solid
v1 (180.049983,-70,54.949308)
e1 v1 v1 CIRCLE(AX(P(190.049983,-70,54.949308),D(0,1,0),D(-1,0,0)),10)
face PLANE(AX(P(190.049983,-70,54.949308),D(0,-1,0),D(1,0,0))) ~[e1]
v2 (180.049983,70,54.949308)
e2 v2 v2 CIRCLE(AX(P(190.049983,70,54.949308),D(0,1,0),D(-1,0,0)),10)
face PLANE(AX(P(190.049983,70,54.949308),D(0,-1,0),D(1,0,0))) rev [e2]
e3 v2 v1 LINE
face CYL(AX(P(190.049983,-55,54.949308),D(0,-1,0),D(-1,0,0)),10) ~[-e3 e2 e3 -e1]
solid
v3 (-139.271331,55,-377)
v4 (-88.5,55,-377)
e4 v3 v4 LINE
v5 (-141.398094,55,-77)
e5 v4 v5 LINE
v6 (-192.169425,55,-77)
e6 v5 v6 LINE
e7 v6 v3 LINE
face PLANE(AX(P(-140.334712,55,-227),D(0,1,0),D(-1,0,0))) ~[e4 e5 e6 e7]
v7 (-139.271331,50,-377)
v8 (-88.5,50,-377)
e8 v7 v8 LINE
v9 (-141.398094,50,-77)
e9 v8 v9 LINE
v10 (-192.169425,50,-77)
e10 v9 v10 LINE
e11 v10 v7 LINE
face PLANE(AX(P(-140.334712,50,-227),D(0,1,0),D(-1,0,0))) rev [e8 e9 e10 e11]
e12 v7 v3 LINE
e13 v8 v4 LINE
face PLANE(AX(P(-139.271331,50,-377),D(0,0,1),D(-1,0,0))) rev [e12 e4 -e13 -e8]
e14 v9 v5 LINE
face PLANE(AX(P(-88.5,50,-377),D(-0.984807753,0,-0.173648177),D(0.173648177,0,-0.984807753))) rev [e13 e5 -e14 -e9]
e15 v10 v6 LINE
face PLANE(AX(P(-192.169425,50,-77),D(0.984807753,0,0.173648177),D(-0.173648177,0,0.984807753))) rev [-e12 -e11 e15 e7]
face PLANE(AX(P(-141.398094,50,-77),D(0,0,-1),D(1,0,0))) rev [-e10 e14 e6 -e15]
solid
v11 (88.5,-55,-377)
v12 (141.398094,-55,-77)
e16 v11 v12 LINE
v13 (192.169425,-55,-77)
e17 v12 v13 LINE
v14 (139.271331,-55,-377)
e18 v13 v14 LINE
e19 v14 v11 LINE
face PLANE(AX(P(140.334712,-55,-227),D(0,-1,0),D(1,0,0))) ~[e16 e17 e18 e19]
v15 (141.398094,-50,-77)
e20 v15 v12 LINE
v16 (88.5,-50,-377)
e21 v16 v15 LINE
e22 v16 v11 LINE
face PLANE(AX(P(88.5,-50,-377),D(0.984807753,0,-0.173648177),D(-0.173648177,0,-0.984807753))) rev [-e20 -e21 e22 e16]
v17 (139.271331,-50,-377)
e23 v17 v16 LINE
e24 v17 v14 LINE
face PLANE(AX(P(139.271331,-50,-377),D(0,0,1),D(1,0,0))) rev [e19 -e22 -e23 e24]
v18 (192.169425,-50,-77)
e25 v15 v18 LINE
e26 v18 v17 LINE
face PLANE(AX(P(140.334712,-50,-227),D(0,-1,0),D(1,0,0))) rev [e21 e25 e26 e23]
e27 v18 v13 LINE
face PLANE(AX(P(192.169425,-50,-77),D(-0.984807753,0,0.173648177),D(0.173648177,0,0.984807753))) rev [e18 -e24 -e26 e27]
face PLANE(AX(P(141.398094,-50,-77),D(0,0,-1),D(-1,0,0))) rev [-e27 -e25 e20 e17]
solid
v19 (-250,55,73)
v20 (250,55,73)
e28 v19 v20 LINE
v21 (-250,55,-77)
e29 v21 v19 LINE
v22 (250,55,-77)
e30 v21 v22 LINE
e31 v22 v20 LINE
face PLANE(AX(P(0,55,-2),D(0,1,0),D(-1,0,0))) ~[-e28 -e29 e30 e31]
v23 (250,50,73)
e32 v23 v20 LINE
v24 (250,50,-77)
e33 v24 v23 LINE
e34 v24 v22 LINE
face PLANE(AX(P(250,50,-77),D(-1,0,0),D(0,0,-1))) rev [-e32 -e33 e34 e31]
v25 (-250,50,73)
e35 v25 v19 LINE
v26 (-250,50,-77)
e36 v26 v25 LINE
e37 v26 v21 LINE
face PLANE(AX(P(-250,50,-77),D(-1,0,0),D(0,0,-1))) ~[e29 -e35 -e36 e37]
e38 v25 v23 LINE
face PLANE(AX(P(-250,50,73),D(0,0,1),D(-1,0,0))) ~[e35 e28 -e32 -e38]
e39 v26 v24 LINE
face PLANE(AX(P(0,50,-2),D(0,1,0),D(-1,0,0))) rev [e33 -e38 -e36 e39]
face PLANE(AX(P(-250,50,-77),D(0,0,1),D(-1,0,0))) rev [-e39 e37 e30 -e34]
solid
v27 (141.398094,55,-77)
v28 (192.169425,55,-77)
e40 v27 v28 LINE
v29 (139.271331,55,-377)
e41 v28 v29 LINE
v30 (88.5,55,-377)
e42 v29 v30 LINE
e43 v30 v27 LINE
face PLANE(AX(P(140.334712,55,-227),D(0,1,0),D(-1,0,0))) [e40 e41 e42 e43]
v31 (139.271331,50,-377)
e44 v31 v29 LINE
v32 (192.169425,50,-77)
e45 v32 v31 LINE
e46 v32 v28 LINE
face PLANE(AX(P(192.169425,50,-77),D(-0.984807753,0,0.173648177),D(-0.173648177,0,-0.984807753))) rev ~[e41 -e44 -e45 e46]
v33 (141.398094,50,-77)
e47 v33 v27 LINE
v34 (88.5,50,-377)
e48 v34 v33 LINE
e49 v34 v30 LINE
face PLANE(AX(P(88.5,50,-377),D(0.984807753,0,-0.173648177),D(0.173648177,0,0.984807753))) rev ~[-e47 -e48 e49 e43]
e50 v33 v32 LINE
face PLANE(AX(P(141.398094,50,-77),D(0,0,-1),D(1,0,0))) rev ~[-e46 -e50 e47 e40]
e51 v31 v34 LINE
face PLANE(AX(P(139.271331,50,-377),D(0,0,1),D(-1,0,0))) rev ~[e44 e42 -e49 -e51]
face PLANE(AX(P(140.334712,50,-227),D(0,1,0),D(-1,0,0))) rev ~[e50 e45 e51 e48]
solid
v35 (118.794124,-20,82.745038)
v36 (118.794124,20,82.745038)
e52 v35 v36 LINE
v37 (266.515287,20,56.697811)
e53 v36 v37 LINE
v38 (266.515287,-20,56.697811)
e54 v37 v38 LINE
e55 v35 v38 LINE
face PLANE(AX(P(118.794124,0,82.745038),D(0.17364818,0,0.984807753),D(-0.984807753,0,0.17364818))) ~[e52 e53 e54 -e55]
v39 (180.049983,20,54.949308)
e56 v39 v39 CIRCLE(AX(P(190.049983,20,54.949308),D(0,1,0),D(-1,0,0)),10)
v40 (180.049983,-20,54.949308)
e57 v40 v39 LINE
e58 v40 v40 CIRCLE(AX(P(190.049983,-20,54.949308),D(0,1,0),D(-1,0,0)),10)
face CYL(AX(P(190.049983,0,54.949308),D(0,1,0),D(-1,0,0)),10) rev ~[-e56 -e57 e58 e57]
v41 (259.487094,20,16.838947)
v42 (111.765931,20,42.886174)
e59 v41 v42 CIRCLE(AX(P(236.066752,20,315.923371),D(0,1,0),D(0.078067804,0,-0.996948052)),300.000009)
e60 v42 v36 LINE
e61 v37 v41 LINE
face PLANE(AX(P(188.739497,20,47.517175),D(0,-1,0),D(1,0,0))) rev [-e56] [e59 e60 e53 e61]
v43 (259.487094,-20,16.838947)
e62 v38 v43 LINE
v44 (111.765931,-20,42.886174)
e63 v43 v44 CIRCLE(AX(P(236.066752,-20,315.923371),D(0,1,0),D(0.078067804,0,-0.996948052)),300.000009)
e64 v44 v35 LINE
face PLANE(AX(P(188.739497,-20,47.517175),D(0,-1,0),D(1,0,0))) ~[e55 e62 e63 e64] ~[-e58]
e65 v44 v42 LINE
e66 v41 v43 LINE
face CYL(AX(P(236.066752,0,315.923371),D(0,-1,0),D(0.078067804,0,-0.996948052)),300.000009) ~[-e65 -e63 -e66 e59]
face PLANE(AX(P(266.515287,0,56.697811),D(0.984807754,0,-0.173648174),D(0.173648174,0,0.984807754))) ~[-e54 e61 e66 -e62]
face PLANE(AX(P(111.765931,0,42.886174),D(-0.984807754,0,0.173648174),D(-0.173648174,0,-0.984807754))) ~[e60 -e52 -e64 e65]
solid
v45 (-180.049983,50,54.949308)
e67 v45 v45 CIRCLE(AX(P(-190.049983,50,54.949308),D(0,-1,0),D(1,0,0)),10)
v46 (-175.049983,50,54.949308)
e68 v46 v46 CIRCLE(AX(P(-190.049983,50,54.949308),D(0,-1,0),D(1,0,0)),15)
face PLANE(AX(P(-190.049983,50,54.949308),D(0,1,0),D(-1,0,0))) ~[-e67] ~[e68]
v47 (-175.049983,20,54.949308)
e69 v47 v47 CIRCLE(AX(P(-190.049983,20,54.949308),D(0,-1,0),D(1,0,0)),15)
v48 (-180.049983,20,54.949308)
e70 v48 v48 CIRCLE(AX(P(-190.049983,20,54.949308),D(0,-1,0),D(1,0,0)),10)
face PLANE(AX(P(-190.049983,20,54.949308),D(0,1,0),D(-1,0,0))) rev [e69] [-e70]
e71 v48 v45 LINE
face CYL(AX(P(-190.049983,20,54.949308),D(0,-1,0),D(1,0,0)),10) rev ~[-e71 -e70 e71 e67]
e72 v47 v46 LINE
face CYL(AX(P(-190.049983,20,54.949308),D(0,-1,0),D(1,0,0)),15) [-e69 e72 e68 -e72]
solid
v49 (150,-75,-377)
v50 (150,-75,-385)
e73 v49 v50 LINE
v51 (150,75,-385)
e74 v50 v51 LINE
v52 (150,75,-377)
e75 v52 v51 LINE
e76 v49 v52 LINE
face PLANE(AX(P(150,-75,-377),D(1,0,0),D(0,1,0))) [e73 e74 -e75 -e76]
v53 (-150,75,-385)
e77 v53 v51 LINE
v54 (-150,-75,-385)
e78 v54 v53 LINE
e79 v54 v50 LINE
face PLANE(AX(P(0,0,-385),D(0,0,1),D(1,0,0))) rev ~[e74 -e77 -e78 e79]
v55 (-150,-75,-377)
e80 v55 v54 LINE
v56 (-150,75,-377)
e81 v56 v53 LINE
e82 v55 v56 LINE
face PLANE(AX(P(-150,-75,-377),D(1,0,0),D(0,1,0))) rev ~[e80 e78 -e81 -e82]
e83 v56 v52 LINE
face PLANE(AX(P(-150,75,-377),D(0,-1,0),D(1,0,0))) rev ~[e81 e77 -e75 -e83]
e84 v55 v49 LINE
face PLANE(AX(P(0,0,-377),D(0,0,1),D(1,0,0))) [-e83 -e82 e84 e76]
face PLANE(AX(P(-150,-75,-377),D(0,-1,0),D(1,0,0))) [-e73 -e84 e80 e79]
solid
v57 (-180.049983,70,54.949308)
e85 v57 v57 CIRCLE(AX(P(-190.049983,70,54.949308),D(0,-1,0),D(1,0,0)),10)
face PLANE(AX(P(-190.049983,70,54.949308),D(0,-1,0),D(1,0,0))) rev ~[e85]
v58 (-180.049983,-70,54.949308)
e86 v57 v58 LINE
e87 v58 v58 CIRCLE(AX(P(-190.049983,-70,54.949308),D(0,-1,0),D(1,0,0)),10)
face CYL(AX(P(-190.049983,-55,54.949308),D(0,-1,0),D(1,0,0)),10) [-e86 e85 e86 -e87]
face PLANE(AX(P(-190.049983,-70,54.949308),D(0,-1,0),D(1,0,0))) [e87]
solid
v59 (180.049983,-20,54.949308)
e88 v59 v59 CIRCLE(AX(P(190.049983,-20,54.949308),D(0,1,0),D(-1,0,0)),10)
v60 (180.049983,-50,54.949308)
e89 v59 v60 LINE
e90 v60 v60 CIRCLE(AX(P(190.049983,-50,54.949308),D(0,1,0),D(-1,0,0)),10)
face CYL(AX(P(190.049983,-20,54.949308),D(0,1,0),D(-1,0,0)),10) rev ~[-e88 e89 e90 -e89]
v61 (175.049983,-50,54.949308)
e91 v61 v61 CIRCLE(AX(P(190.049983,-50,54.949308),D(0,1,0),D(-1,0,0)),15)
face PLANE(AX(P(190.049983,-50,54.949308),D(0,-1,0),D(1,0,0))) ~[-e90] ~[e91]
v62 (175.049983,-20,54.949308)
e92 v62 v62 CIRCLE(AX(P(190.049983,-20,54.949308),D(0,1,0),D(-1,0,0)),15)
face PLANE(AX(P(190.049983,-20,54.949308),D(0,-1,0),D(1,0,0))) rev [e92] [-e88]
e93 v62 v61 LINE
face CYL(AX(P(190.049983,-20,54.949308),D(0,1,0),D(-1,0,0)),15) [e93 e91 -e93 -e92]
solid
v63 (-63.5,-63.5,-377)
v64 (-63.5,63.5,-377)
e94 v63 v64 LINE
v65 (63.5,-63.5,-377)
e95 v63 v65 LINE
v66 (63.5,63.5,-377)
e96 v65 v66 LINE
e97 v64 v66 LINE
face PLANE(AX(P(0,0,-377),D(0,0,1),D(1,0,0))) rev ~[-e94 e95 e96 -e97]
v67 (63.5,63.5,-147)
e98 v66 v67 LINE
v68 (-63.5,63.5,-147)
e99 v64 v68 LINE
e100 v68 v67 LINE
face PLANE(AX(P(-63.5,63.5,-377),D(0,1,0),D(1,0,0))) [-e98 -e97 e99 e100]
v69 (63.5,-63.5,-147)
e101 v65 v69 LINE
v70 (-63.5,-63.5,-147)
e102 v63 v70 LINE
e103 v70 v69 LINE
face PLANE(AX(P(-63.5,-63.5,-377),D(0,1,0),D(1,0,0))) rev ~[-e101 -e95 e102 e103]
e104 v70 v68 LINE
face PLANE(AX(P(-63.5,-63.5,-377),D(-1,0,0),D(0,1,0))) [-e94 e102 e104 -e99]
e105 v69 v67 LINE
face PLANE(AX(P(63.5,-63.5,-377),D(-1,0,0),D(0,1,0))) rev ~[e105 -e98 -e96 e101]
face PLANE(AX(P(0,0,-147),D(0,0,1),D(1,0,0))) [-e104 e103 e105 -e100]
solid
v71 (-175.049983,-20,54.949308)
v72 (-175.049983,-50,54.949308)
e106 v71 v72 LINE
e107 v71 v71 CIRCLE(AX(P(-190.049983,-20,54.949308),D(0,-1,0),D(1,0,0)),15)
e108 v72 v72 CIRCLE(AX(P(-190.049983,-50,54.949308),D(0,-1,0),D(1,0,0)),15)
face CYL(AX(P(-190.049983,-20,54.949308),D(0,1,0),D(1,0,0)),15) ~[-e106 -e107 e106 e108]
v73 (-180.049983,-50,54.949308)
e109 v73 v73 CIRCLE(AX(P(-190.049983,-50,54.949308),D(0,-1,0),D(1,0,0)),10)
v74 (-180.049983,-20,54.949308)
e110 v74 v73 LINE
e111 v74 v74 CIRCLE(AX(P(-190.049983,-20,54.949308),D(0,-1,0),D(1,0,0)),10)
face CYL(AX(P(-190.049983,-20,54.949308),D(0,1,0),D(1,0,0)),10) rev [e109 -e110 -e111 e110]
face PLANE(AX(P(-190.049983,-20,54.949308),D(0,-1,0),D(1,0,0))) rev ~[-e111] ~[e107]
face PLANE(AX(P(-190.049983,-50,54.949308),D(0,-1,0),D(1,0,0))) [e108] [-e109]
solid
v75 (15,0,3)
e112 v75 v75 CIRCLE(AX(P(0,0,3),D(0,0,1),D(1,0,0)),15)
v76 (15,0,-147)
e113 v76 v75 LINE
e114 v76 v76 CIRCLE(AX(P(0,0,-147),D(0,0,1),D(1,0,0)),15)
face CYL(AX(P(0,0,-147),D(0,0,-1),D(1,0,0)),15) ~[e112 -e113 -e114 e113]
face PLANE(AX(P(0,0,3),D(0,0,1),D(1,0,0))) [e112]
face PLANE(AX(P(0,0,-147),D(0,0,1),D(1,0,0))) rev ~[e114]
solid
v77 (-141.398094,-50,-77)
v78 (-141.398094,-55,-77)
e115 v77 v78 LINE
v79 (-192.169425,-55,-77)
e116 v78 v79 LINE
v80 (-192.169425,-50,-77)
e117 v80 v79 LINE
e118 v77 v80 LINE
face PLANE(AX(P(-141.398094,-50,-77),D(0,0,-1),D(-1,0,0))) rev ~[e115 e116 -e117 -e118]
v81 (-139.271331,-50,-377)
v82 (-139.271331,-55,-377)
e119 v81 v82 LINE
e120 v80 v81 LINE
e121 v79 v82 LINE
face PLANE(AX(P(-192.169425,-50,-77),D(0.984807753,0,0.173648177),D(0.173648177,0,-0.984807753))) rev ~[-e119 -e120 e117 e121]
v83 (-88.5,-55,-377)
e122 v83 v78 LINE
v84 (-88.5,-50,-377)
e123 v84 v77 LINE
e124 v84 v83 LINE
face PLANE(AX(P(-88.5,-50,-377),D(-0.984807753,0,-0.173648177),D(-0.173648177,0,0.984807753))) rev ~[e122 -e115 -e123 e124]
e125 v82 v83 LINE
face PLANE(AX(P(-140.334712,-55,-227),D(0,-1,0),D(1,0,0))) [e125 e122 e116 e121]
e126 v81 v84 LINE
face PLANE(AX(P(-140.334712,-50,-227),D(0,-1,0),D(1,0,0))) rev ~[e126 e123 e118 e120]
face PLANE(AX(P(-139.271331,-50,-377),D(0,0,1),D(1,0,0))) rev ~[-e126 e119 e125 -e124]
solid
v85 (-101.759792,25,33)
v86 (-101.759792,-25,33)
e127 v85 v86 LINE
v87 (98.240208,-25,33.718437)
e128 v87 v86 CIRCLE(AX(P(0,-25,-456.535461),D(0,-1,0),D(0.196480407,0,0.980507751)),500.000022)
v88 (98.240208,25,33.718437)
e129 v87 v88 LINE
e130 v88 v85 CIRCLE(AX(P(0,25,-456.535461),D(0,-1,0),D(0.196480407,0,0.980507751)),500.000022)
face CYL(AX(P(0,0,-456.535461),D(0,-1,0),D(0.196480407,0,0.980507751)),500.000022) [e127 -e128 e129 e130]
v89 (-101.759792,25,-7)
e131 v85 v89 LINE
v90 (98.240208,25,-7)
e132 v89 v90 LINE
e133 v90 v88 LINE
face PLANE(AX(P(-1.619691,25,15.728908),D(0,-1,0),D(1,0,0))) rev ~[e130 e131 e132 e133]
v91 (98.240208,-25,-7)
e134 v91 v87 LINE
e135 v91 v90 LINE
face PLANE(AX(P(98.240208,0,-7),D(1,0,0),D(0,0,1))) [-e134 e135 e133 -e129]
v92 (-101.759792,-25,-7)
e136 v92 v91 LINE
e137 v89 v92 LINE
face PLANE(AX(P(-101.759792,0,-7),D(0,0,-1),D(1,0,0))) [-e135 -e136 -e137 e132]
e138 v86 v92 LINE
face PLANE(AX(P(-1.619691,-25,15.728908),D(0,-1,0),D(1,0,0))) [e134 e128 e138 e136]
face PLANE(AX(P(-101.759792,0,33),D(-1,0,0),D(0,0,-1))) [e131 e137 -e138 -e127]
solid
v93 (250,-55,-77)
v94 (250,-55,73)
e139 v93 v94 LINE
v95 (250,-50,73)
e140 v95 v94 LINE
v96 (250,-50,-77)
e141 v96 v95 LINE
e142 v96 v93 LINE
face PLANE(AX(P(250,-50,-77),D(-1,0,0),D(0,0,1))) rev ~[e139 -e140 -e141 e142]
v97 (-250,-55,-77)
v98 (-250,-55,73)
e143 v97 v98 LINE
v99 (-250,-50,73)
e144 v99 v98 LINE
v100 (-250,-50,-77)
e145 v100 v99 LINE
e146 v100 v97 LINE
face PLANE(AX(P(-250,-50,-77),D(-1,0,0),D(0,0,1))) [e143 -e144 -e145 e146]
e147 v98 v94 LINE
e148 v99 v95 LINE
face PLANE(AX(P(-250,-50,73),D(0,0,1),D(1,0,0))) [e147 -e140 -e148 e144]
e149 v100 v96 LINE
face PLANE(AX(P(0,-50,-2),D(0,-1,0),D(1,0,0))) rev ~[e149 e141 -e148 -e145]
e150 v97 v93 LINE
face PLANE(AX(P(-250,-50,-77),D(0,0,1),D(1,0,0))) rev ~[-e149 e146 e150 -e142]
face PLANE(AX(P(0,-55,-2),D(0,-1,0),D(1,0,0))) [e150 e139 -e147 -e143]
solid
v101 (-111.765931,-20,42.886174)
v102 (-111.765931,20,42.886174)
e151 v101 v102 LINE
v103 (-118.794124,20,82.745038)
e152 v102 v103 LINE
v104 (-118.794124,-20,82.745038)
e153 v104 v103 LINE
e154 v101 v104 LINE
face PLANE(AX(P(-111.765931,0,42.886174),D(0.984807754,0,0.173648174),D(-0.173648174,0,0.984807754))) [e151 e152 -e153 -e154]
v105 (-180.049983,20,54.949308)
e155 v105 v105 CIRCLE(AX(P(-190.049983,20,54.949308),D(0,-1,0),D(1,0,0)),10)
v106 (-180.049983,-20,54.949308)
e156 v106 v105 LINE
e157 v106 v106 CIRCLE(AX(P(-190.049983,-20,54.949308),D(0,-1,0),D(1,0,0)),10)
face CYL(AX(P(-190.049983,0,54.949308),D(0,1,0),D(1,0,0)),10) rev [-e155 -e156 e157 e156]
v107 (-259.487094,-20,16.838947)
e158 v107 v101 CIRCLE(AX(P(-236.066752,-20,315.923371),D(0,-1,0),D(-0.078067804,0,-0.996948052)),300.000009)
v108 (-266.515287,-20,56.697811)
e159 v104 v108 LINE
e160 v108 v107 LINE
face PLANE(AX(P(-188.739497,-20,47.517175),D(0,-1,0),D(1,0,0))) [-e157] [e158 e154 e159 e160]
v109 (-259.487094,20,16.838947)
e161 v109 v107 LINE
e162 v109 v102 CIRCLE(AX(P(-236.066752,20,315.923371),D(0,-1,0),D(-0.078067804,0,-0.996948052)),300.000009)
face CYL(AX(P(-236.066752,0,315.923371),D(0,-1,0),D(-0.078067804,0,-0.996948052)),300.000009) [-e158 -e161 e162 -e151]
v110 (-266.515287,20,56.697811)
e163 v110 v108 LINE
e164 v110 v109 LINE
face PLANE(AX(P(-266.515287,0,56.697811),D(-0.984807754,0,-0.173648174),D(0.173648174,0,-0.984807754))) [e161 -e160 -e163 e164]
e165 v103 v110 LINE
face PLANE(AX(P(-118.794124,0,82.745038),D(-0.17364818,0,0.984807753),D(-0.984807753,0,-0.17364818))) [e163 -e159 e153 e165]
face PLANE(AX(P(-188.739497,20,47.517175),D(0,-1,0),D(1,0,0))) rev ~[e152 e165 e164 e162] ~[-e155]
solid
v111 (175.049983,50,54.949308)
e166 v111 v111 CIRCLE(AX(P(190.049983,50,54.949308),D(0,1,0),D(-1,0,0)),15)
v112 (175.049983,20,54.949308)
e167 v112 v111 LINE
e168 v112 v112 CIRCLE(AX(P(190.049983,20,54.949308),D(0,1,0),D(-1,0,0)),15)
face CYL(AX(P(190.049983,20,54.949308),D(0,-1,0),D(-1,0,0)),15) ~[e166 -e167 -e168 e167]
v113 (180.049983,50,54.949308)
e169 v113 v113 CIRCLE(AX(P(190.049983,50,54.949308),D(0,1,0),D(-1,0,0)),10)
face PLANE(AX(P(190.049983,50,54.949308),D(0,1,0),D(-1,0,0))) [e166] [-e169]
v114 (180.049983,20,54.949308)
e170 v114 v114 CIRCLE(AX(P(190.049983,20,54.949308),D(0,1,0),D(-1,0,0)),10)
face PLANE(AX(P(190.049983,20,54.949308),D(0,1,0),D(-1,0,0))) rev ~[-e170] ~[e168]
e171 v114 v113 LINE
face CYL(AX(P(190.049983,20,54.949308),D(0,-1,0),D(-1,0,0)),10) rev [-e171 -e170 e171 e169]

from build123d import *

# Parameters (mm, degrees)
F1_W           = 127
F1_H           = 127
F2_DEPTH       = 230
F3_R           = 15
F4_DEPTH       = 150
F5_W           = 300
F5_H           = 150
F6_DEPTH       = 8
F8_DEPTH       = 25
F11_DEPTH      = 5
F14_W          = 500
F14_H          = 150
F15_DEPTH      = 5
F17_R          = 10
F18_DEPTH      = 20
F19_R          = 15
F19_R_2        = 10
F20_DEPTH      = 30
F22_R          = 10
F23_DEPTH      = 15
F23_DEPTH_BACK = 125


with BuildPart() as f2:
    # F1 (on offset) → F2 (new body)
    with BuildSketch(Plane.XY.offset(-377)):
        Rectangle(F1_W, F1_H)
    extrude(amount=F2_DEPTH)


with BuildPart() as f4:
    # F3 (on face) → F4 (new body)
    with BuildSketch(Plane.XY.offset(-147)):
        Circle(F3_R)
    extrude(amount=F4_DEPTH)


with BuildPart() as f6:
    # F5 (on offset) → F6 (new body)
    with BuildSketch(Plane.XY.offset(-377)):
        Rectangle(F5_W, F5_H)
    extrude(amount=-F6_DEPTH)


with BuildPart() as f8:
    # F7 (on Front) → F8 (new body, symmetric)
    with BuildSketch(Plane.XZ):
        with BuildLine():
            ThreePointArc((98.240208, 33.718437), (-1.796081, 43.461336), (-101.759792, 33))
            Line((-101.759792, 33), (-101.759792, -7))
            Line((-101.759792, -7), (98.240208, -7))
            Line((98.240208, -7), (98.240208, 33.718437))
        make_face()
    extrude(amount=F8_DEPTH, both=True)


with BuildPart() as f11:
    # F10 (on offset) → F11 (new body)
    with BuildSketch(Plane.XZ.offset(50)):
        Polygon((-139.271331, -377), (-88.5, -377), (-141.398094, -77), (-192.169425, -77), align=None)
    extrude(amount=F11_DEPTH)


with BuildPart() as f12_1:
    # F12: instance of F11
    add(f11.part.mirror(Plane.XZ))


with BuildPart() as f13_1:
    # F13: instance of F12_1
    add(f12_1.part.mirror(Plane.YZ))


with BuildPart() as f13_2:
    # F13: instance of F11
    add(f11.part.mirror(Plane.YZ))


with BuildPart() as f15:
    # F14 (on offset) → F15 (new body)
    with BuildSketch(Plane.XZ.offset(50)):
        with Locations((0, -2)):
            Rectangle(F14_W, F14_H)
    extrude(amount=F15_DEPTH)


with BuildPart() as f16_1:
    # F16: instance of F15
    add(f15.part.mirror(Plane.XZ))


with BuildPart() as f18:
    # F17 (on Front) → F18 (new body, symmetric)
    with BuildSketch(Plane.XZ):
        with BuildLine():
            Line((-118.794124, 82.745038), (-266.515287, 56.697811))
            Line((-266.515287, 56.697811), (-259.487094, 16.838947))
            ThreePointArc((-259.487094, 16.838947), (-183.972296, 20.481037), (-111.765931, 42.886174))
            Line((-111.765931, 42.886174), (-118.794124, 82.745038))
        make_face()
        with Locations((-190.049983, 54.949308)):
            Circle(F17_R, mode=Mode.SUBTRACT)
    extrude(amount=F18_DEPTH, both=True)


with BuildPart() as f20:
    # F19 (on face) → F20 (new body, through all)
    with BuildSketch(Plane.XZ.offset(20)):
        with Locations((-190.049983, 54.949308)):
            Circle(F19_R)
        with Locations((-190.049983, 54.949308)):
            Circle(F19_R_2, mode=Mode.SUBTRACT)
    extrude(amount=F20_DEPTH)


with BuildPart() as f21_1:
    # F21: instance of F20
    add(f20.part.mirror(Plane.XZ))


with BuildPart() as f23:
    # F22 (on face) → F23 (new body, two sides)
    with BuildSketch(Plane.XZ.offset(55)) as f23_sk:
        with Locations((-190.049983, 54.949308)):
            Circle(F22_R)
    extrude(amount=F23_DEPTH)
    extrude(f23_sk.sketch, amount=-F23_DEPTH_BACK)


with BuildPart() as f24_1:
    # F24: instance of F23
    add(f23.part.mirror(Plane.YZ))


with BuildPart() as f24_2:
    # F24: instance of F20
    add(f20.part.mirror(Plane.YZ))


with BuildPart() as f24_3:
    # F24: instance of F21_1
    add(f21_1.part.mirror(Plane.YZ))


with BuildPart() as f24_4:
    # F24: instance of F18
    add(f18.part.mirror(Plane.YZ))


solid = Compound([f2.part, f4.part, f6.part, f8.part, f11.part, f12_1.part, f13_1.part, f13_2.part, f15.part, f16_1.part, f18.part, f20.part, f21_1.part, f23.part, f24_1.part, f24_2.part, f24_3.part, f24_4.part])
